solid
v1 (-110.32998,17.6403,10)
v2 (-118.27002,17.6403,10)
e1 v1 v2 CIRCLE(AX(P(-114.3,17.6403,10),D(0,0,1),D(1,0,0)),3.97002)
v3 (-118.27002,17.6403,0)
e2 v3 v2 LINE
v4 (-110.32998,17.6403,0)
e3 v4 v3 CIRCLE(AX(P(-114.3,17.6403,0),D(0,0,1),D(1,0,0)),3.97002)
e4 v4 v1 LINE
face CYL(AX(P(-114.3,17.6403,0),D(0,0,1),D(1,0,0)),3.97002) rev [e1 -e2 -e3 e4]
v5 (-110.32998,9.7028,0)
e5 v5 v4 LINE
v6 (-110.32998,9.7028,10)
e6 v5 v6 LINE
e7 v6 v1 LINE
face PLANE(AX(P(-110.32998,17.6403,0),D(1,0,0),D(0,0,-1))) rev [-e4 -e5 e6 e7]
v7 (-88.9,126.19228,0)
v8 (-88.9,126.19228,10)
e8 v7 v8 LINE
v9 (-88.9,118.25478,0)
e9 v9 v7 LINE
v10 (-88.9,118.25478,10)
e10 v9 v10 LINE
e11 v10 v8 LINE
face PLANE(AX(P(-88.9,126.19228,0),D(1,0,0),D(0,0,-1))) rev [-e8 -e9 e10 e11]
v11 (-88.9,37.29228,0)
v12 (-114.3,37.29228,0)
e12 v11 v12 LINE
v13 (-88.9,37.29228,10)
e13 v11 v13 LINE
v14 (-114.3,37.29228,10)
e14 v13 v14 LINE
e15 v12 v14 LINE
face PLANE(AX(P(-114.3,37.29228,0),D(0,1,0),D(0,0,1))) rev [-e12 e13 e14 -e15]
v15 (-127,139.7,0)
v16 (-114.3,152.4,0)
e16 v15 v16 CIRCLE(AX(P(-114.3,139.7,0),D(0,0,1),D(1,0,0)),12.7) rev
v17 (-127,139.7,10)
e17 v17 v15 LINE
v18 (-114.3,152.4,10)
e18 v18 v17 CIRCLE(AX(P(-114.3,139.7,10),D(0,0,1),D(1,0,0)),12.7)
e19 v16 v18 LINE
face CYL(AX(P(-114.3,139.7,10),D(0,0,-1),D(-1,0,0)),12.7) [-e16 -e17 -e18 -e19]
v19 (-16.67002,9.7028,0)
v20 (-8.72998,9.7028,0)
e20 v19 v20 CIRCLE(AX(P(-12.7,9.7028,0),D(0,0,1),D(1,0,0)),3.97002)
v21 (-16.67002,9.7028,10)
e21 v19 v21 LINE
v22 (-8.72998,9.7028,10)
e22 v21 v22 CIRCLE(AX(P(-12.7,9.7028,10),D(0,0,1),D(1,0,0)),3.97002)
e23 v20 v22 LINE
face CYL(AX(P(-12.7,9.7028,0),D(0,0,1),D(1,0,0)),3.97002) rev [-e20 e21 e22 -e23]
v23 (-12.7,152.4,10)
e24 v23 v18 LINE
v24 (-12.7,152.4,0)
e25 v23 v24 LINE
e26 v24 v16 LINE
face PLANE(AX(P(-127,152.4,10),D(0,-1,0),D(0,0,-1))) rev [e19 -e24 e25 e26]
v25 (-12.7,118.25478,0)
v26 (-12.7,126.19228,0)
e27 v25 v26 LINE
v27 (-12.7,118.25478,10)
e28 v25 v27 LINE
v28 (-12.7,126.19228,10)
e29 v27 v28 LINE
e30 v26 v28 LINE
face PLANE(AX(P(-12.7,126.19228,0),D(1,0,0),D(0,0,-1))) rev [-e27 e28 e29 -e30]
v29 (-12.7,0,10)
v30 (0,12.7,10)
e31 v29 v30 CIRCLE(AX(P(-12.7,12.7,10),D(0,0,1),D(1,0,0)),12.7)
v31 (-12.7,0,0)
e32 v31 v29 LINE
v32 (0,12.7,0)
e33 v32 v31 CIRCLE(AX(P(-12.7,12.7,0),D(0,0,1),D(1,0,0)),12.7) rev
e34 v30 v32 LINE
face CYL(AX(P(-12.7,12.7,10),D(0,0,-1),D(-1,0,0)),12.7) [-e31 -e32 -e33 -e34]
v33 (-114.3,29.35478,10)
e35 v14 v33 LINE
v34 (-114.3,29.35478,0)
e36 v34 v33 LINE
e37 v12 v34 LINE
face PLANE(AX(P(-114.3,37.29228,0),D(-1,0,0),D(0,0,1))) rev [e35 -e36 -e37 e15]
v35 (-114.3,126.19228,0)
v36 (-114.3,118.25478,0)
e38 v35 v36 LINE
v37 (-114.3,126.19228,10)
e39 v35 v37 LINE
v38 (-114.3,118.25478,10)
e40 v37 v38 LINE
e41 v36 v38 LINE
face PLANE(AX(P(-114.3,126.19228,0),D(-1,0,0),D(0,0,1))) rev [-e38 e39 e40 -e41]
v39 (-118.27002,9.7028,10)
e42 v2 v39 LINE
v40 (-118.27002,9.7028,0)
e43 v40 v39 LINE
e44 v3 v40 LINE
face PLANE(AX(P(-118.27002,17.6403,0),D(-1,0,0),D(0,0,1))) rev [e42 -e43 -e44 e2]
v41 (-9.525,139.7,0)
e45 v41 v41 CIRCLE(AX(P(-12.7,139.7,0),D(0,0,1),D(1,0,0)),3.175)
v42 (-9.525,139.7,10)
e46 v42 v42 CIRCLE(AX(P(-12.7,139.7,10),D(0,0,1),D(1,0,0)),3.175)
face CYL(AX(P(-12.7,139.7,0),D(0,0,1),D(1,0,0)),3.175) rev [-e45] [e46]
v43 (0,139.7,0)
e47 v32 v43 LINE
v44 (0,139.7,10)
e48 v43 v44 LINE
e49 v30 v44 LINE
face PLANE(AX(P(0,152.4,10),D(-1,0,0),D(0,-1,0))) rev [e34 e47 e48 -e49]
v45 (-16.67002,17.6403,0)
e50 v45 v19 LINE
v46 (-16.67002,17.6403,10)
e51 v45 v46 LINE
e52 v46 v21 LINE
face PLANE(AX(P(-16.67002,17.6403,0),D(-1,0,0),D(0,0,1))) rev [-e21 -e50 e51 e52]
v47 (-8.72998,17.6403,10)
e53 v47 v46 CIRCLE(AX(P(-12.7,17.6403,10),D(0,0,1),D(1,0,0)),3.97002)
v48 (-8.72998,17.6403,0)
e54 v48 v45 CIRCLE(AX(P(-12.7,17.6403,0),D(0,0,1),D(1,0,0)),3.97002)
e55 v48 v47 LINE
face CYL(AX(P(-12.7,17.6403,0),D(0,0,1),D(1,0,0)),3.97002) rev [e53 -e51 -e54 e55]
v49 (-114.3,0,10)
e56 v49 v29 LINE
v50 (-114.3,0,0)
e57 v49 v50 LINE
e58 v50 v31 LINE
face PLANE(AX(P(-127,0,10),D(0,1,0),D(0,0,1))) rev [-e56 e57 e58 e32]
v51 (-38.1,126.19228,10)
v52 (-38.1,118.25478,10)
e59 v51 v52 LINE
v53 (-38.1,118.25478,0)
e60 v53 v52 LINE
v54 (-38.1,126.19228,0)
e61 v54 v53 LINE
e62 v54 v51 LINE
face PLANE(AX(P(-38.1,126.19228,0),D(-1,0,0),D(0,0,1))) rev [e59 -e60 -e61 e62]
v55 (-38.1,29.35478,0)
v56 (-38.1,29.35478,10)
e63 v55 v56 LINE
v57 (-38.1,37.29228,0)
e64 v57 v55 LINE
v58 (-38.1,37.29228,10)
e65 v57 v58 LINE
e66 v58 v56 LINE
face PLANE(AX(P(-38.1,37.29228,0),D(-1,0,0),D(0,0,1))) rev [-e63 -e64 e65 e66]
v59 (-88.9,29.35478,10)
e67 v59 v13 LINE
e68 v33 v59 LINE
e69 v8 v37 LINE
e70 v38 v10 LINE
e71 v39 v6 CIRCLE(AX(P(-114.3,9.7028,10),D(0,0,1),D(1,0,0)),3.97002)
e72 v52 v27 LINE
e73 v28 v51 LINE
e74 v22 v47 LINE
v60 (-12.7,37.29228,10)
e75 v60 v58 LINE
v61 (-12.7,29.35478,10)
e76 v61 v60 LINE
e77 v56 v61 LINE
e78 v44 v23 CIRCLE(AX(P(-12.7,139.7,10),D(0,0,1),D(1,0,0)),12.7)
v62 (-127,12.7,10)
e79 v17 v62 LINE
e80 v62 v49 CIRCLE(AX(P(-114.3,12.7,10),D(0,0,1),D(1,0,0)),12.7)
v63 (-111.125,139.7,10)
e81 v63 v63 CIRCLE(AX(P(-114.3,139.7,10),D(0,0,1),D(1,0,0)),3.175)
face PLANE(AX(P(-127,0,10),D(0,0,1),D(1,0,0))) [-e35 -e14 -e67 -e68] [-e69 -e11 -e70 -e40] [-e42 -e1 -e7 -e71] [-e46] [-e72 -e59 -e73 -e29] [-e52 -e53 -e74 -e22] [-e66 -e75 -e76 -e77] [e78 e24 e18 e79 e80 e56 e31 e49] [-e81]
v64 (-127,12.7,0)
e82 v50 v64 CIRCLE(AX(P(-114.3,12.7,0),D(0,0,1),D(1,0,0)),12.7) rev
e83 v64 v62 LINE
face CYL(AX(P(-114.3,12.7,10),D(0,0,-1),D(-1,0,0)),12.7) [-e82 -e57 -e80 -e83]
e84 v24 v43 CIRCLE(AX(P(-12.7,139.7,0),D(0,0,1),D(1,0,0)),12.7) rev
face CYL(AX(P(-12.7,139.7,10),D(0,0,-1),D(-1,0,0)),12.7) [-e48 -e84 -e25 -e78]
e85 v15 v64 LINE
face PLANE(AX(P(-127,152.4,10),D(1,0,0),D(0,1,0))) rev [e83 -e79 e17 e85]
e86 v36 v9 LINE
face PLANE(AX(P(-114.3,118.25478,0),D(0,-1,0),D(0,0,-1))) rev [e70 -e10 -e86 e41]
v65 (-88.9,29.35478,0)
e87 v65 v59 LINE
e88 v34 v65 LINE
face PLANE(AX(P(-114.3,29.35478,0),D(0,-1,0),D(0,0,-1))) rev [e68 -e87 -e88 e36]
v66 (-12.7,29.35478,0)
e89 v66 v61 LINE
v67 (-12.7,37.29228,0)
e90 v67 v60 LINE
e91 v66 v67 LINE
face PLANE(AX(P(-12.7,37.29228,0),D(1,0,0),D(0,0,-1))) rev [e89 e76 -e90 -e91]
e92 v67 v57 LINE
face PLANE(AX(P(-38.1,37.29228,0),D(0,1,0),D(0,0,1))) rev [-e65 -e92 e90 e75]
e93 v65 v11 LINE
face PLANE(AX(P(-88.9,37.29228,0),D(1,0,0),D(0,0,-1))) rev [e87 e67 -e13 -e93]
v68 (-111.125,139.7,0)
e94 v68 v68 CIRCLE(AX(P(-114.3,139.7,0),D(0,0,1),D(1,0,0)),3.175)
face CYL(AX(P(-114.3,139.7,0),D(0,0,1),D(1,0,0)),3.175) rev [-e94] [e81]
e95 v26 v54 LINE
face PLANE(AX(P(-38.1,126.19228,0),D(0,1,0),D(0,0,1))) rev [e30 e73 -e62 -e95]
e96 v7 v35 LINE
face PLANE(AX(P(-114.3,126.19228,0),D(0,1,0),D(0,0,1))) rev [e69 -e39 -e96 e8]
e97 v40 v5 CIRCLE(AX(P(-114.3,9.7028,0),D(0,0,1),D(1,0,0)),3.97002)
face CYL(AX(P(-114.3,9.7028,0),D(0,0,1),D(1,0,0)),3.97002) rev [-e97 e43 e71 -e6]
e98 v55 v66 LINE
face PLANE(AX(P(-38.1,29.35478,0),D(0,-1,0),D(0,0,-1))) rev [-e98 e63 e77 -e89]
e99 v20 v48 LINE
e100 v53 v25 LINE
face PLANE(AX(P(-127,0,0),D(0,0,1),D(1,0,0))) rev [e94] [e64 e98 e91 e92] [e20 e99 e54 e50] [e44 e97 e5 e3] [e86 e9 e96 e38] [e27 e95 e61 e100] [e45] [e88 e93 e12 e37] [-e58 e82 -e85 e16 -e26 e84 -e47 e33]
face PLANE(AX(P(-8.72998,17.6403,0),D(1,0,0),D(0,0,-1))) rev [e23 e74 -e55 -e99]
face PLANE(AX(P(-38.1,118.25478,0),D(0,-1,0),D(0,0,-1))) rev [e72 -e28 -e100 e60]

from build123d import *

# Parameters (mm, degrees)
SKETCH1_W            = 127
SKETCH1_H            = 152.4
BOSS_EXTRUDE1_DEPTH  = 10
SKETCH2_W            = 25.4
SKETCH2_H            = 7.9375
CUT_EXTRUDE1_DEPTH   = 10
LPATTERN1_COUNT      = 2
LPATTERN1_PITCH      = 76.2
LPATTERN1_COUNT_DIR2 = 2
LPATTERN1_PITCH_DIR2 = 88.9
SKETCH3_R            = 3.175
CUT_EXTRUDE2_DEPTH   = 10
LPATTERN2_COUNT      = 2
LPATTERN2_PITCH      = 101.6
CUT_EXTRUDE3_DEPTH   = 10
LPATTERN3_COUNT      = 2
LPATTERN3_PITCH      = 101.6
FILLET1_R            = 12.7
FILLET2_R            = 12.7


with BuildPart() as part:
    # Sketch1 → Boss-Extrude1 (new body)
    with BuildSketch(Plane.XY):
        with Locations((-63.5, 76.2)):
            Rectangle(SKETCH1_W, SKETCH1_H)
    extrude(amount=BOSS_EXTRUDE1_DEPTH)

    # Sketch2 → Cut-Extrude1 (cut)
    with BuildSketch(Plane.XY.offset(10)):
        with Locations((-101.6, 122.22353)):
            Rectangle(SKETCH2_W, SKETCH2_H)
    cut_extrude1 = extrude(amount=-CUT_EXTRUDE1_DEPTH, mode=Mode.SUBTRACT)

    # LPattern1: Cut-Extrude1 2 × 2
    with Locations(*[(i * LPATTERN1_PITCH, -j * LPATTERN1_PITCH_DIR2, 0) for i in range(LPATTERN1_COUNT) for j in range(LPATTERN1_COUNT_DIR2) if (i, j) != (0, 0)]):
        add(cut_extrude1, mode=Mode.SUBTRACT)

    # Sketch3 → Cut-Extrude2 (cut)
    with BuildSketch(Plane.XY.offset(10)):
        with Locations((-114.3, 139.7)):
            Circle(SKETCH3_R)
    cut_extrude2 = extrude(amount=-CUT_EXTRUDE2_DEPTH, mode=Mode.SUBTRACT)

    # LPattern2: Cut-Extrude2 ×2
    with Locations(*[(i * LPATTERN2_PITCH, 0, 0) for i in range(1, LPATTERN2_COUNT)]):
        add(cut_extrude2, mode=Mode.SUBTRACT)

    # Sketch4 → Cut-Extrude3 (cut)
    with BuildSketch(Plane.XY.offset(10)):
        with BuildLine():
            Line((-110.32998, 17.6403), (-110.32998, 9.7028))
            ThreePointArc((-110.32998, 9.7028), (-114.3, 5.73278), (-118.27002, 9.7028))
            Line((-118.27002, 9.7028), (-118.27002, 17.6403))
            ThreePointArc((-118.27002, 17.6403), (-114.3, 21.61032), (-110.32998, 17.6403))
        make_face()
    cut_extrude3 = extrude(amount=-CUT_EXTRUDE3_DEPTH, mode=Mode.SUBTRACT)

    # LPattern3: Cut-Extrude3 ×2
    with Locations(*[(i * LPATTERN3_PITCH, 0, 0) for i in range(1, LPATTERN3_COUNT)]):
        add(cut_extrude3, mode=Mode.SUBTRACT)

    # Fillet1
    fillet1_edges = [part.edges().sort_by_distance(p)[0] for p in [
        (0, 152.4, 5),
    ]]
    fillet(fillet1_edges, radius=FILLET1_R)

    # Fillet2
    fillet2_edges = [part.edges().sort_by_distance(p)[0] for p in [
        (-127, 152.4, 5),
        (0, 0, 5),
        (-127, 0, 5),
    ]]
    fillet(fillet2_edges, radius=FILLET2_R)


solid = part.part
